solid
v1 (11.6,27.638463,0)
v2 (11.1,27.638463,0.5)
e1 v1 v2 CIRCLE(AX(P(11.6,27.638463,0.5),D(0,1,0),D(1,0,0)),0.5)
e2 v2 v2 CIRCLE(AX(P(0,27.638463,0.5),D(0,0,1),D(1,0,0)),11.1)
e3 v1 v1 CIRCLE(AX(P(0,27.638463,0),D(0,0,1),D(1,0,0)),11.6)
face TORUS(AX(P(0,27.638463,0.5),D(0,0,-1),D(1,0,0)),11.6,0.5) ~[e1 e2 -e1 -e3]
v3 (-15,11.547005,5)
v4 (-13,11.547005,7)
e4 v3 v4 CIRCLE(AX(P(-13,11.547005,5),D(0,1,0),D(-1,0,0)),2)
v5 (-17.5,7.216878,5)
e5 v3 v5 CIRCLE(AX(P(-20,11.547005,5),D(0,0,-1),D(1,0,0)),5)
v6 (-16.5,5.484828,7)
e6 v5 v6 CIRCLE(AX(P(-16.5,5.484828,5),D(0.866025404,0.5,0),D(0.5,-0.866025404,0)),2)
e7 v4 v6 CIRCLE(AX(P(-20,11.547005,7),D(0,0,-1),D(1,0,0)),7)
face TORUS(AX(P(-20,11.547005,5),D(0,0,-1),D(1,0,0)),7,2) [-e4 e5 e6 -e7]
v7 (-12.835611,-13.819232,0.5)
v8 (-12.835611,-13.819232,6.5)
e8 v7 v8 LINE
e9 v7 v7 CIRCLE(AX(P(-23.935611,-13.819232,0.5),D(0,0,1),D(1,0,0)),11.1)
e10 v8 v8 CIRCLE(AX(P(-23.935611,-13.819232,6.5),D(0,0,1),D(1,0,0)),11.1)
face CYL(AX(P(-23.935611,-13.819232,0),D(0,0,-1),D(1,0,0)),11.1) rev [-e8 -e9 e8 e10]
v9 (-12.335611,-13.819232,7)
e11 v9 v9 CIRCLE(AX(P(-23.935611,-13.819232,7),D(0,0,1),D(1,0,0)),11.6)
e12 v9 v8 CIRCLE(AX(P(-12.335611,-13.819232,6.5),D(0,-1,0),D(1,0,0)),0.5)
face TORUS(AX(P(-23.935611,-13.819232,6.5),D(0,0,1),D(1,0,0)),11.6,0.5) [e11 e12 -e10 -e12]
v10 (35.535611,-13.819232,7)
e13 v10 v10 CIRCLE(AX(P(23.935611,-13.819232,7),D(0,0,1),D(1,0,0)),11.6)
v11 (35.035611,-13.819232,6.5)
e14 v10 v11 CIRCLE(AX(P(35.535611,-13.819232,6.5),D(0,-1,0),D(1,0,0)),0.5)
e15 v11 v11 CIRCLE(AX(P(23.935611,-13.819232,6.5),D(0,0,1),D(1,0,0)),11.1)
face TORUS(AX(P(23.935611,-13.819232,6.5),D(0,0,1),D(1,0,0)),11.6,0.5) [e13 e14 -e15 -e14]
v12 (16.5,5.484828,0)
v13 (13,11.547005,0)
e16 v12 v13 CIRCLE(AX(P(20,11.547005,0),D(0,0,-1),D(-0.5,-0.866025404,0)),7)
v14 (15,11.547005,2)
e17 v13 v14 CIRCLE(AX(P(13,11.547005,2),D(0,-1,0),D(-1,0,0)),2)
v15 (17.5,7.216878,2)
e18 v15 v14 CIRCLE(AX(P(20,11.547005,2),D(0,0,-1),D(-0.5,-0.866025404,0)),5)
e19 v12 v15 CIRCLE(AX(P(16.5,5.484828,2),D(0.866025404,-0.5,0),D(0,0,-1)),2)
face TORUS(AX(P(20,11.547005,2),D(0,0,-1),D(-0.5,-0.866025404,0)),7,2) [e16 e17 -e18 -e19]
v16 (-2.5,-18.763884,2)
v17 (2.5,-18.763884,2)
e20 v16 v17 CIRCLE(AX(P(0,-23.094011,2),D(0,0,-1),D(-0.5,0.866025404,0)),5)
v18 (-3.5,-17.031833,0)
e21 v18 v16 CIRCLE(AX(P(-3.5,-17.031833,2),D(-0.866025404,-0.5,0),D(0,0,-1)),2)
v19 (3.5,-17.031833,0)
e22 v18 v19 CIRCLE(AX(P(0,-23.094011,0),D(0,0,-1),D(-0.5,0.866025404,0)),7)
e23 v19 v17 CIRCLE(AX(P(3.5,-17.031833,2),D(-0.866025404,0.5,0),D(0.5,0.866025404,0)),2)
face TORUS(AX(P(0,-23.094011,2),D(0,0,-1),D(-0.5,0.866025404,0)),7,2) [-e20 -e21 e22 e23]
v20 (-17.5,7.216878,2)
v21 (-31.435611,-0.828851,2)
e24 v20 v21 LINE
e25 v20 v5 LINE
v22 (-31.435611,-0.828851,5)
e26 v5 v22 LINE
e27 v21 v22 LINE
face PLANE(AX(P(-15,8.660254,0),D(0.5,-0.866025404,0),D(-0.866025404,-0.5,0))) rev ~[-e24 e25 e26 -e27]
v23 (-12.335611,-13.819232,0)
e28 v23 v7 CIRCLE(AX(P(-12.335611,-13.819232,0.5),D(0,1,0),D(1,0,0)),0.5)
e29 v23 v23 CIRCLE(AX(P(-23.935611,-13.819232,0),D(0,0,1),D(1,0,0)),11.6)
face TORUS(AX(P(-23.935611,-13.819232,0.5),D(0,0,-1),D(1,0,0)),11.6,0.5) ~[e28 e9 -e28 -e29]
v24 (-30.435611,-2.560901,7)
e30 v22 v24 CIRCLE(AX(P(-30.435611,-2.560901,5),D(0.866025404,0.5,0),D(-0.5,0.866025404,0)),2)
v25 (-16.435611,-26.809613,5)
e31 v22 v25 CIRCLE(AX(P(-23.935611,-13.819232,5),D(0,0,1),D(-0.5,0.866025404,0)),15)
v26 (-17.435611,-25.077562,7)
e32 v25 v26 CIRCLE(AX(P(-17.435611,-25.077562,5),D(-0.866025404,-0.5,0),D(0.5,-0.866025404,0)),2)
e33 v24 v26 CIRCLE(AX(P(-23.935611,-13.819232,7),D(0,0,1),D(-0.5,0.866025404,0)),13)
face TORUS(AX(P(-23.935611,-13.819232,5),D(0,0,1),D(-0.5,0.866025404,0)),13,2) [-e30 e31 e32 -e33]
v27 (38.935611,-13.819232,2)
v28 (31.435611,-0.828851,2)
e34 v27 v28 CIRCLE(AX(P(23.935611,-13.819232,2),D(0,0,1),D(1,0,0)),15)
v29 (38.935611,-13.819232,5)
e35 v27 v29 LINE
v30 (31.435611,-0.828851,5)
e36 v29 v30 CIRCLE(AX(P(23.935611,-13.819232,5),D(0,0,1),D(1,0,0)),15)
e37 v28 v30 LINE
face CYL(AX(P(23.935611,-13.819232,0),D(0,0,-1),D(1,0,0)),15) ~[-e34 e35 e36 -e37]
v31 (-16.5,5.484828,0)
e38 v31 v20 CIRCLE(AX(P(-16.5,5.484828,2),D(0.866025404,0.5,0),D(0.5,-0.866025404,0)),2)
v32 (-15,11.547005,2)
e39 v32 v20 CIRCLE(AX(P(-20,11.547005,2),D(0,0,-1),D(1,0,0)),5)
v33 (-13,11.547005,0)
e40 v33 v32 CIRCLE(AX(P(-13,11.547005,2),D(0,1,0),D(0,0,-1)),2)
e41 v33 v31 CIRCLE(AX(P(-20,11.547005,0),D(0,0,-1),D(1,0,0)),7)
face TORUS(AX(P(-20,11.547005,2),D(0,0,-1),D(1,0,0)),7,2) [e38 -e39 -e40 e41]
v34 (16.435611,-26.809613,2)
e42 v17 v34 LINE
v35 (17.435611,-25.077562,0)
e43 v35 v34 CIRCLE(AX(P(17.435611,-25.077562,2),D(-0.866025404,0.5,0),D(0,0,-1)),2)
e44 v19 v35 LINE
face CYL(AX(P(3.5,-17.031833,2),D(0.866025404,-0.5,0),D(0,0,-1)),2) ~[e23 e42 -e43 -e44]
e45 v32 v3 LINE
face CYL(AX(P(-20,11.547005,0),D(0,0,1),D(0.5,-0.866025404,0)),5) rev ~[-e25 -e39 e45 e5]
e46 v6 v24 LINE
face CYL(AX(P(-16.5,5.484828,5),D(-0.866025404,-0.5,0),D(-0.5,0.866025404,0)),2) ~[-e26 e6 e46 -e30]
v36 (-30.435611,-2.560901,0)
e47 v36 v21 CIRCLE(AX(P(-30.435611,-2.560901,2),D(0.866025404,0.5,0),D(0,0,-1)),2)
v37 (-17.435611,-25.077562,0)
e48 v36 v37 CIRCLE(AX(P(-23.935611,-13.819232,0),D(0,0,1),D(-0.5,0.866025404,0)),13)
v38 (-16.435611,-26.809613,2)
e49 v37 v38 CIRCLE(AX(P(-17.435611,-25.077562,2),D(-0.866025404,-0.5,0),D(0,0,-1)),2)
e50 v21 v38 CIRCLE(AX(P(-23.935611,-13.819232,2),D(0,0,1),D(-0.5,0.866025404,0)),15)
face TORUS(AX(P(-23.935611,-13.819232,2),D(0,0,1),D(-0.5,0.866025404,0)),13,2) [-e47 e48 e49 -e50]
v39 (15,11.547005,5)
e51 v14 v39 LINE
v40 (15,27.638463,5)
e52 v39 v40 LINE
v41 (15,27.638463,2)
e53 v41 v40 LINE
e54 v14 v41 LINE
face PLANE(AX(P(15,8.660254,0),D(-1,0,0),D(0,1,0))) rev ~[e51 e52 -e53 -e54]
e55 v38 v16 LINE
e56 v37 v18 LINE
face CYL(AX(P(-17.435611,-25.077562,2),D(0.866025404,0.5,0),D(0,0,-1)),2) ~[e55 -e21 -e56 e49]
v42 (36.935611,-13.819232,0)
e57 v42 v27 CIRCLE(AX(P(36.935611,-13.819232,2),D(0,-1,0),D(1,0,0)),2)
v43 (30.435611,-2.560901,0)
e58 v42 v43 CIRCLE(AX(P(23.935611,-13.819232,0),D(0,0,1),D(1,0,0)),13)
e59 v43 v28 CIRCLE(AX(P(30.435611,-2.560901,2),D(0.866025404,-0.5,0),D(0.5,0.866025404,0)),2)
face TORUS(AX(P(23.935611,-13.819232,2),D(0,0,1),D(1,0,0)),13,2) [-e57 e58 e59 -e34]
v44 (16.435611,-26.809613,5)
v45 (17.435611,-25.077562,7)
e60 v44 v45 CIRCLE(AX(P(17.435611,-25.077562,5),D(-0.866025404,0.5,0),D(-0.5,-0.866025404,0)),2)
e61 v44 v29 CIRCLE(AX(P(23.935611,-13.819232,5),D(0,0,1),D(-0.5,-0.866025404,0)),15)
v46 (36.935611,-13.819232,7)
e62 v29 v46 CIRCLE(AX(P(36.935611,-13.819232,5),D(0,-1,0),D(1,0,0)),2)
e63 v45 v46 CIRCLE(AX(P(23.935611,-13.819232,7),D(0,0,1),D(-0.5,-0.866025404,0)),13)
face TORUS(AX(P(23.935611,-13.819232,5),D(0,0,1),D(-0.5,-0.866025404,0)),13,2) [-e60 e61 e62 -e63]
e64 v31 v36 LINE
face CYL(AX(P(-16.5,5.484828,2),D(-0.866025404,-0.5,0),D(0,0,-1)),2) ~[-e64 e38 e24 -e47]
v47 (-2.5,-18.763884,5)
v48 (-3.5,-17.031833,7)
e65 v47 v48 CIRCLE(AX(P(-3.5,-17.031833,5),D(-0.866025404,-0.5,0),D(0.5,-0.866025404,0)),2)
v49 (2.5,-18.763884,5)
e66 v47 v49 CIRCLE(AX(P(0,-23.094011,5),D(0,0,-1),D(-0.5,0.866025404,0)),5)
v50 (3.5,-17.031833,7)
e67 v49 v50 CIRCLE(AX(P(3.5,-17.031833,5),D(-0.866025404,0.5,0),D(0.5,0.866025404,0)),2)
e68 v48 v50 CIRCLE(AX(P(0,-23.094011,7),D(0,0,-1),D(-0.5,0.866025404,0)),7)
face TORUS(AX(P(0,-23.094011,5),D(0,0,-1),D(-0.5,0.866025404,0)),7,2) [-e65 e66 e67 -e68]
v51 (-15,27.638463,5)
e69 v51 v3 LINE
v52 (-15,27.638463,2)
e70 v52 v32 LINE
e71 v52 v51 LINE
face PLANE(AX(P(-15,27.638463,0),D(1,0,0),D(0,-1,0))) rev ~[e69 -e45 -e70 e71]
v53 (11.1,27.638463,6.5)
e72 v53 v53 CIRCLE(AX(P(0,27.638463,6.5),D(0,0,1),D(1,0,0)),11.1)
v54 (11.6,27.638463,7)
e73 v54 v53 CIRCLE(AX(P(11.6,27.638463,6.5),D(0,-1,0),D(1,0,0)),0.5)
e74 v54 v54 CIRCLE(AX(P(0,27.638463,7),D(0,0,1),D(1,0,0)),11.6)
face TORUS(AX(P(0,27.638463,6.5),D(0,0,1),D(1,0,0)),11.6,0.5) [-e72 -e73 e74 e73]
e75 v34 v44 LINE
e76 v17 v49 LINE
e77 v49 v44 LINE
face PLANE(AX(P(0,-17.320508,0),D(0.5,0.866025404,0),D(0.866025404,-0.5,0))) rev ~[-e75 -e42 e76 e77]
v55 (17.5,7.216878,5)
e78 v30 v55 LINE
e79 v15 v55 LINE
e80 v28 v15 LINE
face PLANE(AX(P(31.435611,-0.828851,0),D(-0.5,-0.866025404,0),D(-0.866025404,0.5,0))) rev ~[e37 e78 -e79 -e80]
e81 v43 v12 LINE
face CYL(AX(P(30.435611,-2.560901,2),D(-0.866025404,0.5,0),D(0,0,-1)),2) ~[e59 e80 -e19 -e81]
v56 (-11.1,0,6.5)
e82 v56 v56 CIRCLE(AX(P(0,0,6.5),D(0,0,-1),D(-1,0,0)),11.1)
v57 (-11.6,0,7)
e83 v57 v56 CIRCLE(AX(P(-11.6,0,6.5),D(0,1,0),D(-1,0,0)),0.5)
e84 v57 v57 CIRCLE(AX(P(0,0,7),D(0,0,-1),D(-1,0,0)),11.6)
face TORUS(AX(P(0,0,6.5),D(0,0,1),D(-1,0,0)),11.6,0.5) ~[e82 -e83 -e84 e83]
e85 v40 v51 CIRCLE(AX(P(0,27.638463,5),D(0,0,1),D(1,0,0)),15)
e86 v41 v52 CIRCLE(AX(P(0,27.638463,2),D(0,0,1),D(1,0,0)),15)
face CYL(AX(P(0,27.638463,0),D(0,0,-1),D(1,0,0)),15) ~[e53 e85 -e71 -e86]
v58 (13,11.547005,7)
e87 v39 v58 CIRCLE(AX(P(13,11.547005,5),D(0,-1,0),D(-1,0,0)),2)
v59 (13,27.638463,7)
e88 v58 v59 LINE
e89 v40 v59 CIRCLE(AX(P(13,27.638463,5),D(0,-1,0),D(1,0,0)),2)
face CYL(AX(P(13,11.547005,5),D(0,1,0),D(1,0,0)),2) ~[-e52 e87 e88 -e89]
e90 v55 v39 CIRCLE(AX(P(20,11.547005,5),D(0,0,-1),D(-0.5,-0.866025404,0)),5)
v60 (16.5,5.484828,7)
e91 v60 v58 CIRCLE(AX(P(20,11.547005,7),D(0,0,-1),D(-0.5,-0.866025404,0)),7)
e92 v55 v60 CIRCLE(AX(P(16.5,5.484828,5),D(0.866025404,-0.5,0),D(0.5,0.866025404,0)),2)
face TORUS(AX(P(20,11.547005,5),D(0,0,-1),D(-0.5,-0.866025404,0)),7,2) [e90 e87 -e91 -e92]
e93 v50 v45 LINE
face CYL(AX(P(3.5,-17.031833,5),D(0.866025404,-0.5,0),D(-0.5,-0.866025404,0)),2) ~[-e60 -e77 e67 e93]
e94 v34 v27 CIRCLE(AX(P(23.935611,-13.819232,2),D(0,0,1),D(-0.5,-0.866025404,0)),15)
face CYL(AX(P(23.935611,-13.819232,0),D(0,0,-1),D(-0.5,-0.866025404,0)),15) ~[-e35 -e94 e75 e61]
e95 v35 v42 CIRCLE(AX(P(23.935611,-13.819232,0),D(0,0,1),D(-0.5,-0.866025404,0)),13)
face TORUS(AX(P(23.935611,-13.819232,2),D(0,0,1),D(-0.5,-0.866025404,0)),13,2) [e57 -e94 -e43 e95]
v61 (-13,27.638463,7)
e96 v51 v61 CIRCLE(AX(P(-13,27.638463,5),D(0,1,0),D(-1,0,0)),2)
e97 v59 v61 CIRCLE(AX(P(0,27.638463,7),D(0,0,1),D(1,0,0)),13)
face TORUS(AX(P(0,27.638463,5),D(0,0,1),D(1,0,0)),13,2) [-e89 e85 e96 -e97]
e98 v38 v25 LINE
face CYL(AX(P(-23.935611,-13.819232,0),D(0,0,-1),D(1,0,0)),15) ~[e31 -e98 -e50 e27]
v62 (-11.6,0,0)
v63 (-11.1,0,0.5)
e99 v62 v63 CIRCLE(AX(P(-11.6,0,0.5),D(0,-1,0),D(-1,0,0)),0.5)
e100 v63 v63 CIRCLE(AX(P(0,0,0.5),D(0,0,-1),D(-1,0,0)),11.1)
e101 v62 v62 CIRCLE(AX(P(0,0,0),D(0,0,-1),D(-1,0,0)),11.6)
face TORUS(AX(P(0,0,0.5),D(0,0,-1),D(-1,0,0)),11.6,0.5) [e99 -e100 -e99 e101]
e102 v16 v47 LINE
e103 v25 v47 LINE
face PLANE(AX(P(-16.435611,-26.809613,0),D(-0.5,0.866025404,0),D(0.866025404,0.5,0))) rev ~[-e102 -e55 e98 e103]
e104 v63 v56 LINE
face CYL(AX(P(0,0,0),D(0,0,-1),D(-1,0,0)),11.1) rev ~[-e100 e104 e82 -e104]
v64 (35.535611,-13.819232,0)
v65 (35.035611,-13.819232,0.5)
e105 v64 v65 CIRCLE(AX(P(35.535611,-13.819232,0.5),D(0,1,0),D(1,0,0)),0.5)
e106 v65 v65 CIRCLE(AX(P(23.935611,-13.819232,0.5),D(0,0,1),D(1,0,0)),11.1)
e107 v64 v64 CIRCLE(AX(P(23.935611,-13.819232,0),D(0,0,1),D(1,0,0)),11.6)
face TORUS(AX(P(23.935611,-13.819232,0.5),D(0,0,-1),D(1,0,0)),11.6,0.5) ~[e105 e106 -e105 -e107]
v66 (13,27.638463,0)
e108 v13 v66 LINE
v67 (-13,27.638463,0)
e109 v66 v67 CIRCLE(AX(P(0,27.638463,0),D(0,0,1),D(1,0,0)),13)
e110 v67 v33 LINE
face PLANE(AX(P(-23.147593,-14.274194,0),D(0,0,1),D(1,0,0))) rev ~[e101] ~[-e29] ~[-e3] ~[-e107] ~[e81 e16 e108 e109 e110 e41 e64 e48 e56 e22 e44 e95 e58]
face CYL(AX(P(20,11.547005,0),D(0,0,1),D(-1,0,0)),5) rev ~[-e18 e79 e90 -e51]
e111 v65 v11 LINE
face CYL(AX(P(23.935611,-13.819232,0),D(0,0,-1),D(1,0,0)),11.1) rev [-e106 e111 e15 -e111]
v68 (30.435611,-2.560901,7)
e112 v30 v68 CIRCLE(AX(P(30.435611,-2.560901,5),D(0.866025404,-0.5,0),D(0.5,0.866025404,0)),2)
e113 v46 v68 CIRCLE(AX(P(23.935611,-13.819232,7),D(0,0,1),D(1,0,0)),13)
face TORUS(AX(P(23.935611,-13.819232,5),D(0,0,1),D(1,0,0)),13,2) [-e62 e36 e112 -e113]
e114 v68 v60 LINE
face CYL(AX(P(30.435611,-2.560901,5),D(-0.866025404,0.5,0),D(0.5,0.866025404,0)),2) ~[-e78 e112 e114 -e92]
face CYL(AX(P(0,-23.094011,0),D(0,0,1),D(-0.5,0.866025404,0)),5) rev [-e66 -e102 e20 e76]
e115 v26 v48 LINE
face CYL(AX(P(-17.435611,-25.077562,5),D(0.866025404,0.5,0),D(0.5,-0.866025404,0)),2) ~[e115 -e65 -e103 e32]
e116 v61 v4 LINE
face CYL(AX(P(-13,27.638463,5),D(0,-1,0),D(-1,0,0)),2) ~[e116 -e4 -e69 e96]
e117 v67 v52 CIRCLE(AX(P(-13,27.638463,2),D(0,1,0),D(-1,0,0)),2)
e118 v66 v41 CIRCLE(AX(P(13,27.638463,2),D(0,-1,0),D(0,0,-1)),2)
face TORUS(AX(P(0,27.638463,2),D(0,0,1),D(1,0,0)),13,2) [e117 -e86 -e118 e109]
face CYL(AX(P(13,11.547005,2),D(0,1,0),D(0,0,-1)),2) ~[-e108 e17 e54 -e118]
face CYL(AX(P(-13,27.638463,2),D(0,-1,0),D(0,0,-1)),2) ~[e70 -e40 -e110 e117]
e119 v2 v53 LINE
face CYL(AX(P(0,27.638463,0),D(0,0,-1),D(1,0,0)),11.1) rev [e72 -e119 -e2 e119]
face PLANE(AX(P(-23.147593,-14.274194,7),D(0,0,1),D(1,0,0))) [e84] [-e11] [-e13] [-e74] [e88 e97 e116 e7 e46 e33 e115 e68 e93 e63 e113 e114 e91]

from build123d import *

# Parameters (mm, degrees)
F0_R     = 11.1
F1_DEPTH = 7
F2_R     = 5
F3_R     = 0.5
F4_R     = 2


with BuildPart() as f1:
    # F0 (on Top) → F1 (new body)
    with BuildSketch(Plane.XY):
        with BuildLine():
            ThreePointArc((-8.9356113423, -13.8192316517), (-16.4356113423, -0.828850595), (-31.4356113423, -0.828850595))
            ThreePointArc((-31.4356113423, -0.828850595), (-36.9259923991, -21.3192316517), (-16.4356113423, -26.8096127085))
            ThreePointArc((-16.4356113423, -26.8096127085), (-10.9452302856, -21.3192316517), (-8.9356113423, -13.8192316517))
        make_face()
        with Locations((-23.9356113423, -13.8192316517)):
            Circle(F0_R, mode=Mode.SUBTRACT)
        with BuildLine():
            Line((31.4356113423, -0.828850595), (15, 8.6602540378))
            Line((15, 8.6602540378), (15, 0))
            Line((15, 0), (11.1, 0))
            ThreePointArc((11.1, 0), (0, -11.1), (-11.1, 0))
            Line((-11.1, 0), (-15, 0))
            Line((-15, 0), (-15, 8.6602540378))
            Line((-15, 8.6602540378), (-31.4356113423, -0.828850595))
            ThreePointArc((-31.4356113423, -0.828850595), (-16.4356113423, -0.828850595), (-8.9356113423, -13.8192316517))
            ThreePointArc((-8.9356113423, -13.8192316517), (-10.9452302856, -21.3192316517), (-16.4356113423, -26.8096127085))
            Line((-16.4356113423, -26.8096127085), (0, -17.3205080757))
            Line((0, -17.3205080757), (16.4356113423, -26.8096127085))
            ThreePointArc((16.4356113423, -26.8096127085), (10.9452302856, -6.3192316517), (31.4356113423, -0.828850595))
        make_face()
        with BuildLine():
            ThreePointArc((38.9356113423, -13.8192316517), (36.9259923991, -6.3192316517), (31.4356113423, -0.828850595))
            ThreePointArc((31.4356113423, -0.828850595), (10.9452302856, -6.3192316517), (16.4356113423, -26.8096127085))
            ThreePointArc((16.4356113423, -26.8096127085), (31.4356113423, -26.8096127085), (38.9356113423, -13.8192316517))
        make_face()
        with Locations((23.9356113423, -13.8192316517)):
            Circle(F0_R, mode=Mode.SUBTRACT)
        with BuildLine():
            Line((15, 8.6602540378), (15, 27.6384633034))
            ThreePointArc((15, 27.6384633034), (0, 12.6384633034), (-15, 27.6384633034))
            Line((-15, 27.6384633034), (-15, 8.6602540378))
            Line((-15, 8.6602540378), (-15, 0))
            Line((-15, 0), (-11.1, 0))
            ThreePointArc((-11.1, 0), (0, 11.1), (11.1, 0))
            Line((11.1, 0), (15, 0))
            Line((15, 0), (15, 8.6602540378))
        make_face()
        with BuildLine():
            ThreePointArc((-15, 27.6384633034), (0, 12.6384633034), (15, 27.6384633034))
            ThreePointArc((15, 27.6384633034), (0, 42.6384633034), (-15, 27.6384633034))
        make_face()
        with Locations((0, 27.6384633034)):
            Circle(F0_R, mode=Mode.SUBTRACT)
    extrude(amount=F1_DEPTH)

    # F2
    f2_edges = [f1.edges().sort_by_distance(p)[0] for p in [
        (-15, 8.660254, 3.5),
        (15, 8.660254, 3.5),
        (0, -17.320508, 3.5),
    ]]
    fillet(f2_edges, radius=F2_R)

    # F3
    f3_edges = [f1.edges().sort_by_distance(p)[0] for p in [
        (-11.1, 27.638463, 7),
        (11.1, 0, 7),
        (-35.035611, -13.819232, 7),
        (12.835611, -13.819232, 7),
        (-35.035611, -13.819232, 0),
        (-11.1, 27.638463, 0),
        (12.835611, -13.819232, 0),
        (11.1, 0, 0),
    ]]
    fillet(f3_edges, radius=F3_R)

    # F4
    f4_edges = [f1.edges().sort_by_distance(p)[0] for p in [
        (-9.467806, -22.786748, 0),
        (-2.5, -18.763884, 3.5),
        (-16.435611, -26.809613, 3.5),
        (-9.467806, -22.786748, 7),
        (0, -18.094011, 0),
        (2.5, -18.763884, 3.5),
        (0, -18.094011, 7),
        (9.467806, -22.786748, 0),
        (16.435611, -26.809613, 3.5),
        (9.467806, -22.786748, 7),
        (31.435611, -0.828851, 3.5),
        (36.925992, -21.319232, 0),
        (36.925992, -21.319232, 7),
        (-31.435611, -0.828851, 3.5),
        (-36.925992, -21.319232, 0),
        (-36.925992, -21.319232, 7),
        (-24.467806, 3.194014, 0),
        (-17.5, 7.216878, 3.5),
        (-24.467806, 3.194014, 7),
        (-15.669873, 9.047005, 0),
        (-15, 11.547005, 3.5),
        (-15.669873, 9.047005, 7),
        (-15, 19.592734, 0),
        (-15, 27.638463, 3.5),
        (-15, 19.592734, 7),
        (15, 19.592734, 0),
        (15, 11.547005, 3.5),
        (15, 27.638463, 3.5),
        (15, 19.592734, 7),
        (15.669873, 9.047005, 0),
        (17.5, 7.216878, 3.5),
        (15.669873, 9.047005, 7),
        (24.467806, 3.194014, 0),
        (24.467806, 3.194014, 7),
    ]]
    fillet(f4_edges, radius=F4_R)


solid = f1.part
